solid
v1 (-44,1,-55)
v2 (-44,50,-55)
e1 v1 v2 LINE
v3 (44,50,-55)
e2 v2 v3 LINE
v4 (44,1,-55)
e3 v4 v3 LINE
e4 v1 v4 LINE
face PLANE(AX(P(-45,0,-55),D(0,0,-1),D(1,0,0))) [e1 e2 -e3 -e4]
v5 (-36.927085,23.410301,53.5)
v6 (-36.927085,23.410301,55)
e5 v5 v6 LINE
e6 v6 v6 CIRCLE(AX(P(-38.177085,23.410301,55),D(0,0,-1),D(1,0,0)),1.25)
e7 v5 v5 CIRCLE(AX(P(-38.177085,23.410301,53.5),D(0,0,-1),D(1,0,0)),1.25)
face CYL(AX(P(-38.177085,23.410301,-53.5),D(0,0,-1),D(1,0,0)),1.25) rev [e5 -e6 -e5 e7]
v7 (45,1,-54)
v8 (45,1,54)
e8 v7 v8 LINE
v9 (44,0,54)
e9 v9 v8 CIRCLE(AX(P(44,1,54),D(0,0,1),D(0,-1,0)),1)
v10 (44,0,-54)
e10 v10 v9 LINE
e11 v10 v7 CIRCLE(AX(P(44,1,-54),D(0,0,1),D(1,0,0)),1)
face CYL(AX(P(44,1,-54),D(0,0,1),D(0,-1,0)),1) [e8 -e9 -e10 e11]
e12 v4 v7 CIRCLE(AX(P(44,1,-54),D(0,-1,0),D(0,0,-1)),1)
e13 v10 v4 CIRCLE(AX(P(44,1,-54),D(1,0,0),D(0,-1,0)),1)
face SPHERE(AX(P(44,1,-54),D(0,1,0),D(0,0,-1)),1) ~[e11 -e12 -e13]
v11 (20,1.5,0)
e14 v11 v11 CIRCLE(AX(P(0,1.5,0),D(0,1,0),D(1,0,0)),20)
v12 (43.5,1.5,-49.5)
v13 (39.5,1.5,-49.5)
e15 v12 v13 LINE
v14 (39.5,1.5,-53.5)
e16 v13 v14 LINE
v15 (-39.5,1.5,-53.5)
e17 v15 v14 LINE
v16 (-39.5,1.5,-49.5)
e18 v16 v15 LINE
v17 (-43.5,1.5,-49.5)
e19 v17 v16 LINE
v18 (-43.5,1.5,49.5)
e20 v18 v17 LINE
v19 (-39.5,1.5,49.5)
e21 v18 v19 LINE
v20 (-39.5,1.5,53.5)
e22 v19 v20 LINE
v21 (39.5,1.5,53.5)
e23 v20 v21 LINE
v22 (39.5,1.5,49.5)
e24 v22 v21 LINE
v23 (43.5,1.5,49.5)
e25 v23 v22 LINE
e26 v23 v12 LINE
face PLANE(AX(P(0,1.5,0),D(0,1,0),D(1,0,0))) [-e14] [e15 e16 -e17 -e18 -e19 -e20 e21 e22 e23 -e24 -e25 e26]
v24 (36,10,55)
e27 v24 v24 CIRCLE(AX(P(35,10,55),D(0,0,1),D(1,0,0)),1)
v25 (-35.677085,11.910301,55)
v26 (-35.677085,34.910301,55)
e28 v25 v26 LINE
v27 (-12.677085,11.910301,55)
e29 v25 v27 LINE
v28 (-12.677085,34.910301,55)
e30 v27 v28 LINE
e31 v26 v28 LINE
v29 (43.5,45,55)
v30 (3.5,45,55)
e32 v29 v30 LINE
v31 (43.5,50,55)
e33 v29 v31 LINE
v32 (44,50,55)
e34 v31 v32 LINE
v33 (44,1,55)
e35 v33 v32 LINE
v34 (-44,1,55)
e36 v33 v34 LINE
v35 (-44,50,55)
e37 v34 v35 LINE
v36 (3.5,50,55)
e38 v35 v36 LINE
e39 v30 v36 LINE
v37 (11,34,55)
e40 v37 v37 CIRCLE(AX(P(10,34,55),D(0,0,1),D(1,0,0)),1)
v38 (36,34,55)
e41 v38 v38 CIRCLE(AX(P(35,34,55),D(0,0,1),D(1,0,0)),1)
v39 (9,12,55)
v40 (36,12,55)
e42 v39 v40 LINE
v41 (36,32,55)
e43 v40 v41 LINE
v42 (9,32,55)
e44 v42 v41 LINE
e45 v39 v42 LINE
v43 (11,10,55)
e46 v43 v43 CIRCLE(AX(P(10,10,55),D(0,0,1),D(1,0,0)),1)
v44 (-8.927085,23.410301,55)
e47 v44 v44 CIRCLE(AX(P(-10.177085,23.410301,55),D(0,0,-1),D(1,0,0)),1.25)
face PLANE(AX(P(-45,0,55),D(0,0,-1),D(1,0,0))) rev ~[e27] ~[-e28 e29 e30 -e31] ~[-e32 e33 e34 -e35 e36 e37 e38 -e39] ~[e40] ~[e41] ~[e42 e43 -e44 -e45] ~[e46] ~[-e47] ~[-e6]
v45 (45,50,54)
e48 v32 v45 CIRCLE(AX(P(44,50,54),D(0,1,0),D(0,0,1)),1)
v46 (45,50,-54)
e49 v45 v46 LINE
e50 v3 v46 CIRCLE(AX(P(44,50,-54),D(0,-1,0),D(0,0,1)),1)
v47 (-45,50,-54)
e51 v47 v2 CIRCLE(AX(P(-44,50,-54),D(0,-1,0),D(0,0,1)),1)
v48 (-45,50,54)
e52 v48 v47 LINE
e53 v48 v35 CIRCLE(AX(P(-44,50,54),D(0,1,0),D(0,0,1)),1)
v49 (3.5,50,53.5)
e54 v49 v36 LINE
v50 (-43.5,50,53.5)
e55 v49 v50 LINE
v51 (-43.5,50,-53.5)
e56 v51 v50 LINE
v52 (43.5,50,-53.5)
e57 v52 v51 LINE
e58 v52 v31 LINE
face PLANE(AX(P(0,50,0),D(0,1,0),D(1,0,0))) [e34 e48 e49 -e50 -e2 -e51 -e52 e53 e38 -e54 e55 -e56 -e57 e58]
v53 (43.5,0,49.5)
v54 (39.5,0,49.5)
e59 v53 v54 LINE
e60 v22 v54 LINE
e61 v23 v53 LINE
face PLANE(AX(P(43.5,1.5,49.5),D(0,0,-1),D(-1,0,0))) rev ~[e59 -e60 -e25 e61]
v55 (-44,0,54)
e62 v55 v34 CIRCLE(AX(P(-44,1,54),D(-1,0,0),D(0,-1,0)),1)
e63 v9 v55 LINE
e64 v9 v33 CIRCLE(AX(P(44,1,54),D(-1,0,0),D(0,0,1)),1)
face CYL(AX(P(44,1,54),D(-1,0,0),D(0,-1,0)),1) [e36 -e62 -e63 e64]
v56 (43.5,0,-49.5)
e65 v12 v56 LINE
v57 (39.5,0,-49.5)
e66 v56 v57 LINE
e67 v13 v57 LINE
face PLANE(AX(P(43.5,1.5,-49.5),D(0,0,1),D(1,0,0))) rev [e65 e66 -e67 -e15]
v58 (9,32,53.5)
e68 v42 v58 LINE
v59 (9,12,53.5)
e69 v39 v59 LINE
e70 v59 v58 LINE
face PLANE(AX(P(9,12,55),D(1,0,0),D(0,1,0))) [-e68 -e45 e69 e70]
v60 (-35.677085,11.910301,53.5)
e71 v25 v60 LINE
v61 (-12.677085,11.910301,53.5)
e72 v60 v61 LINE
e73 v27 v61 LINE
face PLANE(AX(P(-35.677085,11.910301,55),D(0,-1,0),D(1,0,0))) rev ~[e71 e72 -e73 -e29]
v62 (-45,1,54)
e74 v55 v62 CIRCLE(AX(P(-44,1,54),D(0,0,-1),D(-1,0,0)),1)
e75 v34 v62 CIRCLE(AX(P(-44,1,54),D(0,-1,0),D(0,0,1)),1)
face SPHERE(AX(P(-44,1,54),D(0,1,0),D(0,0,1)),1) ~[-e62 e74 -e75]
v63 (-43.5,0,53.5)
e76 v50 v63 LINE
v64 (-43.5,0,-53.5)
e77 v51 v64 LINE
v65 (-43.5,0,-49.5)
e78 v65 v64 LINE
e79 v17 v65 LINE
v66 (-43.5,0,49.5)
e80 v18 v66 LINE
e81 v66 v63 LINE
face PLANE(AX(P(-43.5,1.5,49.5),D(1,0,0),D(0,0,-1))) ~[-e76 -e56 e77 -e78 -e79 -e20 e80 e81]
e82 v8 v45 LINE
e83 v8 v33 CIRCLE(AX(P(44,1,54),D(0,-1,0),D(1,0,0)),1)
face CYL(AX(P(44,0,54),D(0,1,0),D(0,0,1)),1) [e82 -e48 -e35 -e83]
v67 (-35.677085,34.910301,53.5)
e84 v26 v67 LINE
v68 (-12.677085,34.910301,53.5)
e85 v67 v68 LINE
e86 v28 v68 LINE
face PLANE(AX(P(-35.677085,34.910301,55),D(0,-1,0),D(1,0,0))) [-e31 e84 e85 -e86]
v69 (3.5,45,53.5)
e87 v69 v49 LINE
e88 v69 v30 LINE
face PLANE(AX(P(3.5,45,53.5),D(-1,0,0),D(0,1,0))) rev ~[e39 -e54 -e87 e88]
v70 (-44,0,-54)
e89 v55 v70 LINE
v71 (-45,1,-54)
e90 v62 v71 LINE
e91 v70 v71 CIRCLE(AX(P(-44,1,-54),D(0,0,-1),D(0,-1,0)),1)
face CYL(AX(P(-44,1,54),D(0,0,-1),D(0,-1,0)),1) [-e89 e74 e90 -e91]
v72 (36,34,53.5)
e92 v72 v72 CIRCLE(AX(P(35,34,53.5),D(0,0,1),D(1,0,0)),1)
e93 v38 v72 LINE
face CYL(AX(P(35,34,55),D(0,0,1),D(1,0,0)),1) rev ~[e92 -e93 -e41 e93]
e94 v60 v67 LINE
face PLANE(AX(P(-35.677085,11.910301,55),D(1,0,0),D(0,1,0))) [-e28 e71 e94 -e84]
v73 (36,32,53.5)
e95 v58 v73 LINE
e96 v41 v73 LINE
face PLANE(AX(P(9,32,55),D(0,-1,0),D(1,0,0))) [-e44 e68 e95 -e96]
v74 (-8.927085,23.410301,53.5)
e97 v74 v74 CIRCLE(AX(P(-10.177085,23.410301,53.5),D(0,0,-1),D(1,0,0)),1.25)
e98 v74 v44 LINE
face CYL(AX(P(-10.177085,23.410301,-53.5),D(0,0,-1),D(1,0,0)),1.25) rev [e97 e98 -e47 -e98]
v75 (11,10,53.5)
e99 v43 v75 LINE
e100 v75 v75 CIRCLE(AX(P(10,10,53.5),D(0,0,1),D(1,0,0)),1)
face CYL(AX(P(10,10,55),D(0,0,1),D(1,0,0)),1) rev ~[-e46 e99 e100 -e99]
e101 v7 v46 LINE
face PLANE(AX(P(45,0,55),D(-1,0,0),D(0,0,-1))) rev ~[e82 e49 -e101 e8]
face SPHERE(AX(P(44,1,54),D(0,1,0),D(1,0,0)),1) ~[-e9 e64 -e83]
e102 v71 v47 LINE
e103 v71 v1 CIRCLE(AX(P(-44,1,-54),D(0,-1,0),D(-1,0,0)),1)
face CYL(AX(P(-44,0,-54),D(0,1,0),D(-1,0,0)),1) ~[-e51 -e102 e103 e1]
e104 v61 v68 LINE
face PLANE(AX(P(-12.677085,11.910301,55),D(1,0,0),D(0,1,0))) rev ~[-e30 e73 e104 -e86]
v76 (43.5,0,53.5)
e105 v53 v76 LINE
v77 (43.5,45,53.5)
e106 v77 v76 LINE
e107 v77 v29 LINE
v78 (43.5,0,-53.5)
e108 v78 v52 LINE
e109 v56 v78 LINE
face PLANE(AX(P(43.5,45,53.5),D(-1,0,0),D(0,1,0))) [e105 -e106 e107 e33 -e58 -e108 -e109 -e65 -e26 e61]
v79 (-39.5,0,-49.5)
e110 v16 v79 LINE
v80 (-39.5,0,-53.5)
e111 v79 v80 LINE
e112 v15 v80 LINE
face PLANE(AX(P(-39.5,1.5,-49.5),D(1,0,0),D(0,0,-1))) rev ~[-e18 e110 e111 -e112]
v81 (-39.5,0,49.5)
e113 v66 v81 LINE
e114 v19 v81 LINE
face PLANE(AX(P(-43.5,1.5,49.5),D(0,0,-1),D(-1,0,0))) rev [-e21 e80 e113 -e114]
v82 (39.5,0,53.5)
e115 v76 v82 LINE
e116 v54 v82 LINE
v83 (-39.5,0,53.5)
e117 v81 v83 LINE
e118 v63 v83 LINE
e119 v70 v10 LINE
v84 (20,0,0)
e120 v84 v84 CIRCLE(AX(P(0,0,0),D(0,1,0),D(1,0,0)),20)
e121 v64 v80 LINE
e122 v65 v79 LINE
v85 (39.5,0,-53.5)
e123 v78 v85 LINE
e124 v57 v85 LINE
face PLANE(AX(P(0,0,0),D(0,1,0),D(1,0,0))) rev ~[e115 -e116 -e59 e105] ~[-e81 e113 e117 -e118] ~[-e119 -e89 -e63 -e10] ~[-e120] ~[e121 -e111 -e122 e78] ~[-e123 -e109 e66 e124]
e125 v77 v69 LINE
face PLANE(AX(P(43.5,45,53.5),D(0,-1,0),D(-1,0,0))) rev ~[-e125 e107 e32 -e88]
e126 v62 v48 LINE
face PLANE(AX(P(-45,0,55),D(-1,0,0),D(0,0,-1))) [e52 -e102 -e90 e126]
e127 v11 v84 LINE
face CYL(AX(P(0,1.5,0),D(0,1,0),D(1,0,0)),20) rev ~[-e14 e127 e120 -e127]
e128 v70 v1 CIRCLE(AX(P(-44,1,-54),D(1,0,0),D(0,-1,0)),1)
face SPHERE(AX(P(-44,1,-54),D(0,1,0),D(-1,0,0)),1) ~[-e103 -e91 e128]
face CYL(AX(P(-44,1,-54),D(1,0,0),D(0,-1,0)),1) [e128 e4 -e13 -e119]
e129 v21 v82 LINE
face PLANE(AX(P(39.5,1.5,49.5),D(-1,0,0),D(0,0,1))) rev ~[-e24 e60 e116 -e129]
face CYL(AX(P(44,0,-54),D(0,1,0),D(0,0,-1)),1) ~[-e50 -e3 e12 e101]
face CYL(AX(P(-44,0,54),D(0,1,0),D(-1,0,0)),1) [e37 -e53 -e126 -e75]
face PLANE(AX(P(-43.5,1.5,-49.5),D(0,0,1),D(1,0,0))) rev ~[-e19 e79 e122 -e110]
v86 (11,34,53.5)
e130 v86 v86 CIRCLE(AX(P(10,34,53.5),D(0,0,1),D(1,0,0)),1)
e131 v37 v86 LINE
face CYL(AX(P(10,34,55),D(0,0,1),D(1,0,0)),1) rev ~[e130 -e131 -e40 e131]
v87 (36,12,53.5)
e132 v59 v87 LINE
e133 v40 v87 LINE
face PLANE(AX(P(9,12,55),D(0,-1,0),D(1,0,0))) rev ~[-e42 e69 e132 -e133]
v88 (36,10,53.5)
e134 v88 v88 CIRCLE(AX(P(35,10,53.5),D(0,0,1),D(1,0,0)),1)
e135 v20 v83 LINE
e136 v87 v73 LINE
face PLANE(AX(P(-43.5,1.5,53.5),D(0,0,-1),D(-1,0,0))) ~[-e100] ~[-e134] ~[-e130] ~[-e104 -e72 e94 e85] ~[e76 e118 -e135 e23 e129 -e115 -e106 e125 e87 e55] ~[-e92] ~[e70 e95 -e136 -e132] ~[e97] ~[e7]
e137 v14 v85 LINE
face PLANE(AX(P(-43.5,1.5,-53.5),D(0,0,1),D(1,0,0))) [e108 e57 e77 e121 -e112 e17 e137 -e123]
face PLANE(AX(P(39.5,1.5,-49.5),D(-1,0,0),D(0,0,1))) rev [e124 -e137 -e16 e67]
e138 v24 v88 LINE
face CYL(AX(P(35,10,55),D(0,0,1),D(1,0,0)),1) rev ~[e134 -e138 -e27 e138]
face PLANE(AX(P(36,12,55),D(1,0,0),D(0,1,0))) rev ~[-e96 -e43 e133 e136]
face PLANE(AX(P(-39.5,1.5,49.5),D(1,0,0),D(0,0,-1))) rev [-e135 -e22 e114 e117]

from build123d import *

# Parameters (mm, degrees)
SKETCH_4_W               = 90
SKETCH_4_H               = 110
EXTRUDE_2_DEPTH          = 50
SHELL_2_T                = -1.5
SKETCH_5_W               = 4
SKETCH_5_H               = 4
CUT_EXTRUDE_2_DEPTH      = 50
MIRROR_5_COPY_1_SKETCH_W = 4
MIRROR_5_COPY_1_SKETCH_H = 4
MIRROR_5_COPY_1_DEPTH    = 50
SKETCH_9_R               = 20
CUT_EXTRUDE_5_DEPTH      = 50
SKETCH_12_W              = 23
SKETCH_12_H              = 23
CUT_EXTRUDE_6_DEPTH      = 50
SKETCH_15_R              = 1.25
CUT_EXTRUDE_8_DEPTH      = 129
SKETCH_16_W              = 27
SKETCH_16_H              = 20
CUT_EXTRUDE_9_DEPTH      = 50
SKETCH_17_R              = 1
CUT_EXTRUDE_10_DEPTH     = 50
SKETCH_19_R              = 1
CUT_EXTRUDE_11_DEPTH     = 50
SKETCH_21_R              = 1
CUT_EXTRUDE_12_DEPTH     = 50
SKETCH_22_R              = 1
CUT_EXTRUDE_13_DEPTH     = 50
FILLET_1_R               = 1
FILLET_2_R               = 1
SKETCH_25_W              = 40
SKETCH_25_H              = 5
CUT_EXTRUDE_15_DEPTH     = 50


with BuildPart() as part:
    # 草图4 → 凸台-拉伸2 (new body)
    with BuildSketch(Plane(origin=(0, 0, 0), x_dir=(1, 0, 0), z_dir=(0, 1, 0))):
        Rectangle(SKETCH_4_W, SKETCH_4_H)
    extrude(amount=EXTRUDE_2_DEPTH)

    # 抽壳2
    shell_2_openings = [part.faces().sort_by_distance(p)[0] for p in [
        (0, 50, 0),
    ]]
    offset(amount=SHELL_2_T, openings=shell_2_openings, kind=Kind.INTERSECTION)

    # 草图5 → 切除-拉伸2 (cut)
    with BuildSketch(Plane(origin=(0, 1.5, 0), x_dir=(1, 0, 0), z_dir=(0, 1, 0))):
        with Locations((-41.5, 51.5)):
            Rectangle(SKETCH_5_W, SKETCH_5_H)
    cut_extrude_2 = extrude(amount=-CUT_EXTRUDE_2_DEPTH, mode=Mode.SUBTRACT)

    # 镜向4: 切除-拉伸2 across plane
    add(cut_extrude_2.mirror(Plane.XY), mode=Mode.SUBTRACT)

    # 镜向5: 切除-拉伸2 across plane
    add(cut_extrude_2.mirror(Plane(origin=(0, 0, 0), x_dir=(0, 0, 1), z_dir=(1, 0, 0))), mode=Mode.SUBTRACT)

    # 镜向5 copy 1 sketch → 镜向5 copy 1 (cut)
    with BuildSketch(Plane(origin=(0, 1.5, 0), x_dir=(-1, 0, 0), z_dir=(0, 1, 0))):
        with Locations((-41.5, 51.5)):
            Rectangle(MIRROR_5_COPY_1_SKETCH_W, MIRROR_5_COPY_1_SKETCH_H)
    extrude(amount=-MIRROR_5_COPY_1_DEPTH, mode=Mode.SUBTRACT)

    # 草图9 → 切除-拉伸5 (cut)
    with BuildSketch(Plane(origin=(0, 1.5, 0), x_dir=(1, 0, 0), z_dir=(0, 1, 0))):
        Circle(SKETCH_9_R)
    extrude(amount=-CUT_EXTRUDE_5_DEPTH, mode=Mode.SUBTRACT)

    # 草图12 → 切除-拉伸6 (cut)
    with BuildSketch(Plane.XY.offset(55)):
        with Locations((-24.177084585, 23.410301274)):
            Rectangle(SKETCH_12_W, SKETCH_12_H)
    extrude(amount=-CUT_EXTRUDE_6_DEPTH, mode=Mode.SUBTRACT)

    # 草图15 → 切除-拉伸8 (cut)
    with BuildSketch(Plane.XY.offset(-53.5)):
        with Locations((-10.177084585, 23.410301274)):
            Circle(SKETCH_15_R)
        with Locations((-38.177084585, 23.410301274)):
            Circle(SKETCH_15_R)
    extrude(amount=CUT_EXTRUDE_8_DEPTH, mode=Mode.SUBTRACT)

    # 草图16 → 切除-拉伸9 (cut)
    with BuildSketch(Plane.XY.offset(55)):
        with Locations((22.5, 22)):
            Rectangle(SKETCH_16_W, SKETCH_16_H)
    extrude(amount=-CUT_EXTRUDE_9_DEPTH, mode=Mode.SUBTRACT)

    # 草图17 → 切除-拉伸10 (cut)
    with BuildSketch(Plane.XY.offset(55)):
        with Locations((35, 34)):
            Circle(SKETCH_17_R)
    extrude(amount=-CUT_EXTRUDE_10_DEPTH, mode=Mode.SUBTRACT)

    # 草图19 → 切除-拉伸11 (cut)
    with BuildSketch(Plane.XY.offset(55)):
        with Locations((35, 10)):
            Circle(SKETCH_19_R)
    extrude(amount=-CUT_EXTRUDE_11_DEPTH, mode=Mode.SUBTRACT)

    # 草图21 → 切除-拉伸12 (cut)
    with BuildSketch(Plane.XY.offset(55)):
        with Locations((10, 34)):
            Circle(SKETCH_21_R)
    extrude(amount=-CUT_EXTRUDE_12_DEPTH, mode=Mode.SUBTRACT)

    # 草图22 → 切除-拉伸13 (cut)
    with BuildSketch(Plane.XY.offset(55)):
        with Locations((10, 10)):
            Circle(SKETCH_22_R)
    extrude(amount=-CUT_EXTRUDE_13_DEPTH, mode=Mode.SUBTRACT)

    # 圆角1
    fillet_1_edges = [part.edges().sort_by_distance(p)[0] for p in [
        (-45, 25, -55),
        (45, 25, -55),
        (45, 25, 55),
        (-45, 25, 55),
    ]]
    fillet(fillet_1_edges, radius=FILLET_1_R)

    # 圆角2
    fillet_2_edges = [part.edges().sort_by_distance(p)[0] for p in [
        (0, 0, -55),
        (-45, 0, 0),
        (45, 0, 0),
        (0, 0, 55),
        (44.707106781, 0, 54.707106781),
        (-44.707106781, 0, 54.707106781),
        (-44.707106781, 0, -54.707106781),
        (44.707106781, 0, -54.707106781),
    ]]
    fillet(fillet_2_edges, radius=FILLET_2_R)

    # 草图25 → 切除-拉伸15 (cut)
    with BuildSketch(Plane(origin=(0, 0, 53.5), x_dir=(-1, 0, 0), z_dir=(0, 0, -1))):
        with Locations((-23.5, 47.5)):
            Rectangle(SKETCH_25_W, SKETCH_25_H)
    extrude(amount=-CUT_EXTRUDE_15_DEPTH, mode=Mode.SUBTRACT)


solid = part.part
